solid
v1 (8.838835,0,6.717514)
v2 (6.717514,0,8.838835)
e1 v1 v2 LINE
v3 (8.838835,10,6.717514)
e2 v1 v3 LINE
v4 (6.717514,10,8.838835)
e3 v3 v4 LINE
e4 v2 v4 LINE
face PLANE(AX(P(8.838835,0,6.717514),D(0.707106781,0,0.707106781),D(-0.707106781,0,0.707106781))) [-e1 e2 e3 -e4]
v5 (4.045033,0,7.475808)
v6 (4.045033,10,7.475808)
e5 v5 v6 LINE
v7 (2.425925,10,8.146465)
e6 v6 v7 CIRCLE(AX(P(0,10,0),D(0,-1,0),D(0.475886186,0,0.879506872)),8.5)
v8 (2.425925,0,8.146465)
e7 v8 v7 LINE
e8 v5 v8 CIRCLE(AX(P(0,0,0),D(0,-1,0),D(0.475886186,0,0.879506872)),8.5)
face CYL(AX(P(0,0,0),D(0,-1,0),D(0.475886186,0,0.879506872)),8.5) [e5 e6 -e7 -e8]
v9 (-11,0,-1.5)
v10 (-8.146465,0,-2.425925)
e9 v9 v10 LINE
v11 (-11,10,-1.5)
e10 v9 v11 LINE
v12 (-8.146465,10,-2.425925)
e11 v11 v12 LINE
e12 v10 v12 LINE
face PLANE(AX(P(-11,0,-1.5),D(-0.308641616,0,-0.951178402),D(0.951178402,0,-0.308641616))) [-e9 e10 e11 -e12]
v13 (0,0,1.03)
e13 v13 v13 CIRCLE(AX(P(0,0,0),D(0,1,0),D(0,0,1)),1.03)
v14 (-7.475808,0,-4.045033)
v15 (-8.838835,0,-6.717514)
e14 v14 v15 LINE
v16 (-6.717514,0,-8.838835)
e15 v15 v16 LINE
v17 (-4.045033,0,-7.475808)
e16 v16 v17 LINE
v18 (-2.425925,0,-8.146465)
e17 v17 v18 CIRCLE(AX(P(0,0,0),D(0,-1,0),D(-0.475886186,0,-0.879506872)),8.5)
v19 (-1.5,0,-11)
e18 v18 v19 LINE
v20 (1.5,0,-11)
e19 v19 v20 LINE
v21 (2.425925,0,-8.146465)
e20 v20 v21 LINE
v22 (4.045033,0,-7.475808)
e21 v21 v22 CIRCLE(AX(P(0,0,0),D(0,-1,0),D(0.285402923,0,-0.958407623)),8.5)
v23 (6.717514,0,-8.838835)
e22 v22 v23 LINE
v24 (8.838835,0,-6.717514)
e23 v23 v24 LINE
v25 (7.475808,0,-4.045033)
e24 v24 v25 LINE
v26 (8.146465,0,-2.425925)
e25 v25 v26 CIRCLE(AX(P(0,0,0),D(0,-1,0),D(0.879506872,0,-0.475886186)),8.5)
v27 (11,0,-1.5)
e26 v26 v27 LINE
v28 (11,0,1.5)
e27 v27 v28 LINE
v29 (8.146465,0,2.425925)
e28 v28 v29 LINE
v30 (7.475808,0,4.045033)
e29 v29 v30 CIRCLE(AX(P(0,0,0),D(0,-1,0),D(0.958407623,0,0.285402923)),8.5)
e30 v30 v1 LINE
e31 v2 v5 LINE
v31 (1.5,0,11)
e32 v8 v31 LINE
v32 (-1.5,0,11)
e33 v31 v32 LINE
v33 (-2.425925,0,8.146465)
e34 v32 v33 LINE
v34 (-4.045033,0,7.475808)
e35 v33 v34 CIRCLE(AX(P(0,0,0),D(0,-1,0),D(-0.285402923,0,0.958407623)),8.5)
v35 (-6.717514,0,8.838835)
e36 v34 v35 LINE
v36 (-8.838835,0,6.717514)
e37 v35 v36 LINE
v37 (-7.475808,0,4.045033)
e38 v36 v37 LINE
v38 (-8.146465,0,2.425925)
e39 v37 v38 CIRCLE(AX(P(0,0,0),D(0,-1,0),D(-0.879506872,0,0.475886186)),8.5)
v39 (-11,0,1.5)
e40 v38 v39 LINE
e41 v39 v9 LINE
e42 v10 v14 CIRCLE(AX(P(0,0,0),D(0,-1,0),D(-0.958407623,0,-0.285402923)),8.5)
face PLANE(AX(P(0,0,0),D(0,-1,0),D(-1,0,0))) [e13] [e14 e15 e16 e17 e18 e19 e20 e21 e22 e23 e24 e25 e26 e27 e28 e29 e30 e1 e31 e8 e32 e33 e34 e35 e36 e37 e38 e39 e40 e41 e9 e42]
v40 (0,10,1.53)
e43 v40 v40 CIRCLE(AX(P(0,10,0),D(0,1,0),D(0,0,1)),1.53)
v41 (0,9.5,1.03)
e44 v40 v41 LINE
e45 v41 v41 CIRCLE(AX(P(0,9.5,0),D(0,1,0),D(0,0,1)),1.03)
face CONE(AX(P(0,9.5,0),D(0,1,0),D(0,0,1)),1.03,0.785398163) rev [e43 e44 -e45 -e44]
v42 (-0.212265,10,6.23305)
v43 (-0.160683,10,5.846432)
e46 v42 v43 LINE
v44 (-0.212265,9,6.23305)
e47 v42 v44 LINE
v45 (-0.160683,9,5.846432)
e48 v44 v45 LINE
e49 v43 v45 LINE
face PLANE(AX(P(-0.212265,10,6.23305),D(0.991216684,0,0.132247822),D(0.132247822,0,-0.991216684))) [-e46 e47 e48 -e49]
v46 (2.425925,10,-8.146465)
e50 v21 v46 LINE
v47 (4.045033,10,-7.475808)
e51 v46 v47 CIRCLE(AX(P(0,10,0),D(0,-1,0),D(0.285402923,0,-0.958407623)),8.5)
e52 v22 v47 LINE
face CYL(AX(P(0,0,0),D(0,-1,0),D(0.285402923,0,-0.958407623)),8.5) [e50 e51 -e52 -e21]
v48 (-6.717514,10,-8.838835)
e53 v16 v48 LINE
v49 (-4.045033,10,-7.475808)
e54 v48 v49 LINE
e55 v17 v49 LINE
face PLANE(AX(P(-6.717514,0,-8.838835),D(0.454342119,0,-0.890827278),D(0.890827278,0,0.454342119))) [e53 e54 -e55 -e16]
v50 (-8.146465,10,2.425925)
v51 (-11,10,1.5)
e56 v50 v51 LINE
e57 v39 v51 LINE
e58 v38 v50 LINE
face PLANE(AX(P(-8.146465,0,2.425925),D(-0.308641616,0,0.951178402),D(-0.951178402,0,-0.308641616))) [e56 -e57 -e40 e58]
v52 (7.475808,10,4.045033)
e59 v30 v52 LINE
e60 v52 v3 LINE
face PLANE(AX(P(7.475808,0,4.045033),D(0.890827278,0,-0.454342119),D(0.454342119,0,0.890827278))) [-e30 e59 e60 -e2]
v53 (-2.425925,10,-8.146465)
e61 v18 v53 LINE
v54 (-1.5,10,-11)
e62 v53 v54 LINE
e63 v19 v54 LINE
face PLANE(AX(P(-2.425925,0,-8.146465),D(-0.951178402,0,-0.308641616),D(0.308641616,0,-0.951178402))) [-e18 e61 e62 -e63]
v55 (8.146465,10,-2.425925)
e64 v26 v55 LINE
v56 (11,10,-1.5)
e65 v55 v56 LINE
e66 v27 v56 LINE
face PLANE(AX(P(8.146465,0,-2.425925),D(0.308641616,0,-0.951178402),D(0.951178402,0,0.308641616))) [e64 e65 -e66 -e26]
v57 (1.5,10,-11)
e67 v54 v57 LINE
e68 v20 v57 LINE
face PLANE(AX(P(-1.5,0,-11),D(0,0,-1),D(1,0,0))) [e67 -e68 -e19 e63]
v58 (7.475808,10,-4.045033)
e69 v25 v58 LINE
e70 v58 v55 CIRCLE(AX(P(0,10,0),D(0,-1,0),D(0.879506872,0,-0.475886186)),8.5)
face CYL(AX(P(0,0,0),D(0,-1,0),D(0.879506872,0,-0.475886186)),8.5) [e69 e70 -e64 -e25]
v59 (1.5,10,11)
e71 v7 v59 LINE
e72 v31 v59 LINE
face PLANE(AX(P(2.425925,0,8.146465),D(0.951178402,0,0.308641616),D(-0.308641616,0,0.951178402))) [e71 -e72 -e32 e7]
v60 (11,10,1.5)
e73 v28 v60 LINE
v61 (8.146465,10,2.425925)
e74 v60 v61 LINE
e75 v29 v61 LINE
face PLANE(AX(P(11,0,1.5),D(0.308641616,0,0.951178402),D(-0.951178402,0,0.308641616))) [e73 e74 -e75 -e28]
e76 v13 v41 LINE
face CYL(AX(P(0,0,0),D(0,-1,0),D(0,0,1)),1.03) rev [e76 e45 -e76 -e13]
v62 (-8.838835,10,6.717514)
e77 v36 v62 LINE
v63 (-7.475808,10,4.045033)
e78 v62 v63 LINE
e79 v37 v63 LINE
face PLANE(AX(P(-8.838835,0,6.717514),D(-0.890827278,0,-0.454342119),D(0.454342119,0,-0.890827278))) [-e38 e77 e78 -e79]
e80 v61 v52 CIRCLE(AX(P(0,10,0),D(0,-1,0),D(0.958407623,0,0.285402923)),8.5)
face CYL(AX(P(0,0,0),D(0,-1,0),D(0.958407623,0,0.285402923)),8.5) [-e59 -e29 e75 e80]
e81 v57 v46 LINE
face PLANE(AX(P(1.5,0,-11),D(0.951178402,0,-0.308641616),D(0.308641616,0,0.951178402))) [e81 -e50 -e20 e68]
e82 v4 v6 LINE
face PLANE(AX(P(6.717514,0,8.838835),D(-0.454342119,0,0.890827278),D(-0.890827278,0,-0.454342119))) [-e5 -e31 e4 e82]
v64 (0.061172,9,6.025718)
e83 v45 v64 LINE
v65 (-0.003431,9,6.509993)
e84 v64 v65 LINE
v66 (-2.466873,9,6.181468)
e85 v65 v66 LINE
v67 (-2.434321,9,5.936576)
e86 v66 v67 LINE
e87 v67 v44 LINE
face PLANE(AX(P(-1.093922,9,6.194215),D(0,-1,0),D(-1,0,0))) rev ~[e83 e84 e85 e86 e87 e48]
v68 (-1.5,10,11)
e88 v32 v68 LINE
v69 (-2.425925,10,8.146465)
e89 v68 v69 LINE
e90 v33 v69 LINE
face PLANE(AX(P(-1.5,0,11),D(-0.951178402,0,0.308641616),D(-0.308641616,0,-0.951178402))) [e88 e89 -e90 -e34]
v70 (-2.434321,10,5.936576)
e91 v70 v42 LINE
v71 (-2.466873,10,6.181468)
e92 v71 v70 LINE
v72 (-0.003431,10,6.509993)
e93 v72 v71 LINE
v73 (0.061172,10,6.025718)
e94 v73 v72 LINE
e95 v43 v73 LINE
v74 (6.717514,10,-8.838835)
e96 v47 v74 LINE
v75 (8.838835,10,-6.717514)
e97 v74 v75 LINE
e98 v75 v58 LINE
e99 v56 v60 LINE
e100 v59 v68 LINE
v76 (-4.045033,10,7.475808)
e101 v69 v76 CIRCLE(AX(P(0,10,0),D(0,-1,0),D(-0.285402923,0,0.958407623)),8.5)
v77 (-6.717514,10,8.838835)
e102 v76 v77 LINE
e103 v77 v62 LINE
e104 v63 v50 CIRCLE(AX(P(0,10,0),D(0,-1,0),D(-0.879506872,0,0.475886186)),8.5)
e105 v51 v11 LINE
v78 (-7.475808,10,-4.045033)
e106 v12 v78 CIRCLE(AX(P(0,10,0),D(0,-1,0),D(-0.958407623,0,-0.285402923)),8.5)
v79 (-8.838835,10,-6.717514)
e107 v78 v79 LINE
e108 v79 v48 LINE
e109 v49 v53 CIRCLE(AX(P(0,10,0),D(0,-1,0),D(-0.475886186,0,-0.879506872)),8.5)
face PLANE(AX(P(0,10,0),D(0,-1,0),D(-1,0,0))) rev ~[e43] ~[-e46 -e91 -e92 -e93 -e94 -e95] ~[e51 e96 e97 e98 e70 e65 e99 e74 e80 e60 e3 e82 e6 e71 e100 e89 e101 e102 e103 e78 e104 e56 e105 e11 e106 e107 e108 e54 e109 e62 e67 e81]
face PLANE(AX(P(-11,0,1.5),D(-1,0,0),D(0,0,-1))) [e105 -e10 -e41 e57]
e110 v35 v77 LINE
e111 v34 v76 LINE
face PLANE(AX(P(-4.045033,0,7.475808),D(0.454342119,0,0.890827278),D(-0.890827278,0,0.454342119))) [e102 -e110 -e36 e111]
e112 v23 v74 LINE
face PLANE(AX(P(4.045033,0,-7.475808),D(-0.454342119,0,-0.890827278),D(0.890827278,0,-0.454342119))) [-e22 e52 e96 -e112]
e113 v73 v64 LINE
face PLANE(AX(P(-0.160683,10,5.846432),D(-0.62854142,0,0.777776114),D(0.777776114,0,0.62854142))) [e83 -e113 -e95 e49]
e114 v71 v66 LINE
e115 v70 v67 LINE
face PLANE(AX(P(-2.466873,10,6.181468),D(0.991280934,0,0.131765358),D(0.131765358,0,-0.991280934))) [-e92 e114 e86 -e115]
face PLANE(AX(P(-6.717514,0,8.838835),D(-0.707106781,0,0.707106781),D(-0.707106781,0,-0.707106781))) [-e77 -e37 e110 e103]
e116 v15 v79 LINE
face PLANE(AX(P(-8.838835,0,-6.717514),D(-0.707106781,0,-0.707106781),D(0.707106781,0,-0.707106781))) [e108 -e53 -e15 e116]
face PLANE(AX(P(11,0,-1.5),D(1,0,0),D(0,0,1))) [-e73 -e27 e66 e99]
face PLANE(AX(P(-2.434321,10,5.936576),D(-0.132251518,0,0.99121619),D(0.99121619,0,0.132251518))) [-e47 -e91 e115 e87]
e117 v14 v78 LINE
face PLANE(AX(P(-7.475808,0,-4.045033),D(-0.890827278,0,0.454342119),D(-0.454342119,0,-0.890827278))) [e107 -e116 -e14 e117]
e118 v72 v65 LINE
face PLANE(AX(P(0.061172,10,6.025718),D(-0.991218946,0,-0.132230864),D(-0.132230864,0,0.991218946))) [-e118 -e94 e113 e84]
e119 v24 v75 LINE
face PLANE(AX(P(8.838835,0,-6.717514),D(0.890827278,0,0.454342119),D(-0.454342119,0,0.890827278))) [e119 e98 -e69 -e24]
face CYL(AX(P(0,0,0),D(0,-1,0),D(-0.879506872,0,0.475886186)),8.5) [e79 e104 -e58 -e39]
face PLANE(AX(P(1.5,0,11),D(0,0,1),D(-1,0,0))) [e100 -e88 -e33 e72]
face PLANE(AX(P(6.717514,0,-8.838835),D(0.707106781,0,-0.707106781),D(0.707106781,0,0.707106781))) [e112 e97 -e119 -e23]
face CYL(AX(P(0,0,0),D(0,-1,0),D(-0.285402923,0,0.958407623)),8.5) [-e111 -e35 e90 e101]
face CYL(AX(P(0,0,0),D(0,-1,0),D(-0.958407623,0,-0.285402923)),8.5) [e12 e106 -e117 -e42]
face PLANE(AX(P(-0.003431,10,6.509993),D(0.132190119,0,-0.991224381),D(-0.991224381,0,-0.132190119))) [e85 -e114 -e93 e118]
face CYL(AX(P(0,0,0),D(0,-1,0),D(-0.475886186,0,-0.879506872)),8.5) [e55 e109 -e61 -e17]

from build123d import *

# Parameters (mm, degrees)
SKETCH1_R           = 1.03
BOSS_EXTRUDE1_DEPTH = 10
CUT_EXTRUDE1_DEPTH  = 1
CHAMFER1_SIZE       = 0.5


with BuildPart() as part:
    # Sketch1 → Boss-Extrude1 (new body)
    with BuildSketch(Plane(origin=(0, 0, 0), x_dir=(1, 0, 0), z_dir=(0, 1, 0))):
        with BuildLine():
            Line((-1.5, 11), (1.5, 11))
            Line((1.5, 11), (2.425924848, 8.146464793))
            ThreePointArc((2.425924848, 8.146464793), (3.252809175, 7.852976026), (4.045032587, 7.475808409))
            Line((4.045032587, 7.475808409), (6.717514421, 8.838834765))
            Line((6.717514421, 8.838834765), (8.838834765, 6.717514421))
            Line((8.838834765, 6.717514421), (7.475808409, 4.045032587))
            ThreePointArc((7.475808409, 4.045032587), (7.852976026, 3.252809175), (8.146464793, 2.425924848))
            Line((8.146464793, 2.425924848), (11, 1.5))
            Line((11, 1.5), (11, -1.5))
            Line((11, -1.5), (8.146464793, -2.425924848))
            ThreePointArc((8.146464793, -2.425924848), (7.852976026, -3.252809175), (7.475808409, -4.045032587))
            Line((7.475808409, -4.045032587), (8.838834765, -6.717514421))
            Line((8.838834765, -6.717514421), (6.717514421, -8.838834765))
            Line((6.717514421, -8.838834765), (4.045032587, -7.475808409))
            ThreePointArc((4.045032587, -7.475808409), (3.252809175, -7.852976026), (2.425924848, -8.146464793))
            Line((2.425924848, -8.146464793), (1.5, -11))
            Line((1.5, -11), (-1.5, -11))
            Line((-1.5, -11), (-2.425924848, -8.146464793))
            ThreePointArc((-2.425924848, -8.146464793), (-3.252809175, -7.852976026), (-4.045032587, -7.475808409))
            Line((-4.045032587, -7.475808409), (-6.717514421, -8.838834765))
            Line((-6.717514421, -8.838834765), (-8.838834765, -6.717514421))
            Line((-8.838834765, -6.717514421), (-7.475808409, -4.045032587))
            ThreePointArc((-7.475808409, -4.045032587), (-7.852976026, -3.252809175), (-8.146464793, -2.425924848))
            Line((-8.146464793, -2.425924848), (-11, -1.5))
            Line((-11, -1.5), (-11, 1.5))
            Line((-11, 1.5), (-8.146464793, 2.425924848))
            ThreePointArc((-8.146464793, 2.425924848), (-7.852976026, 3.252809175), (-7.475808409, 4.045032587))
            Line((-7.475808409, 4.045032587), (-8.838834765, 6.717514421))
            Line((-8.838834765, 6.717514421), (-6.717514421, 8.838834765))
            Line((-6.717514421, 8.838834765), (-4.045032587, 7.475808409))
            ThreePointArc((-4.045032587, 7.475808409), (-3.252809175, 7.852976026), (-2.425924848, 8.146464793))
            Line((-2.425924848, 8.146464793), (-1.5, 11))
        make_face()
        with Locations(Location((0, 0, 0), (0, 0, 270))):
            Circle(SKETCH1_R, mode=Mode.SUBTRACT)
    extrude(amount=BOSS_EXTRUDE1_DEPTH)

    # Sketch2 → Cut-Extrude1 (cut)
    with BuildSketch(Plane(origin=(0, 10, 0), x_dir=(1, 0, 0), z_dir=(0, 1, 0))):
        Polygon((0.061172217, -6.025718493), (-0.003431149, -6.509993333), (-2.466872655, -6.181467692), (-2.434320572, -5.936575865), (-0.212265283, -6.233050224), (-0.160682751, -5.846431634), align=None)
    extrude(amount=-CUT_EXTRUDE1_DEPTH, mode=Mode.SUBTRACT)

    # Chamfer1
    chamfer1_edges = [part.edges().sort_by_distance(p)[0] for p in [
        (0, 10, -1.03),
    ]]
    chamfer(chamfer1_edges, length=CHAMFER1_SIZE)


solid = part.part
